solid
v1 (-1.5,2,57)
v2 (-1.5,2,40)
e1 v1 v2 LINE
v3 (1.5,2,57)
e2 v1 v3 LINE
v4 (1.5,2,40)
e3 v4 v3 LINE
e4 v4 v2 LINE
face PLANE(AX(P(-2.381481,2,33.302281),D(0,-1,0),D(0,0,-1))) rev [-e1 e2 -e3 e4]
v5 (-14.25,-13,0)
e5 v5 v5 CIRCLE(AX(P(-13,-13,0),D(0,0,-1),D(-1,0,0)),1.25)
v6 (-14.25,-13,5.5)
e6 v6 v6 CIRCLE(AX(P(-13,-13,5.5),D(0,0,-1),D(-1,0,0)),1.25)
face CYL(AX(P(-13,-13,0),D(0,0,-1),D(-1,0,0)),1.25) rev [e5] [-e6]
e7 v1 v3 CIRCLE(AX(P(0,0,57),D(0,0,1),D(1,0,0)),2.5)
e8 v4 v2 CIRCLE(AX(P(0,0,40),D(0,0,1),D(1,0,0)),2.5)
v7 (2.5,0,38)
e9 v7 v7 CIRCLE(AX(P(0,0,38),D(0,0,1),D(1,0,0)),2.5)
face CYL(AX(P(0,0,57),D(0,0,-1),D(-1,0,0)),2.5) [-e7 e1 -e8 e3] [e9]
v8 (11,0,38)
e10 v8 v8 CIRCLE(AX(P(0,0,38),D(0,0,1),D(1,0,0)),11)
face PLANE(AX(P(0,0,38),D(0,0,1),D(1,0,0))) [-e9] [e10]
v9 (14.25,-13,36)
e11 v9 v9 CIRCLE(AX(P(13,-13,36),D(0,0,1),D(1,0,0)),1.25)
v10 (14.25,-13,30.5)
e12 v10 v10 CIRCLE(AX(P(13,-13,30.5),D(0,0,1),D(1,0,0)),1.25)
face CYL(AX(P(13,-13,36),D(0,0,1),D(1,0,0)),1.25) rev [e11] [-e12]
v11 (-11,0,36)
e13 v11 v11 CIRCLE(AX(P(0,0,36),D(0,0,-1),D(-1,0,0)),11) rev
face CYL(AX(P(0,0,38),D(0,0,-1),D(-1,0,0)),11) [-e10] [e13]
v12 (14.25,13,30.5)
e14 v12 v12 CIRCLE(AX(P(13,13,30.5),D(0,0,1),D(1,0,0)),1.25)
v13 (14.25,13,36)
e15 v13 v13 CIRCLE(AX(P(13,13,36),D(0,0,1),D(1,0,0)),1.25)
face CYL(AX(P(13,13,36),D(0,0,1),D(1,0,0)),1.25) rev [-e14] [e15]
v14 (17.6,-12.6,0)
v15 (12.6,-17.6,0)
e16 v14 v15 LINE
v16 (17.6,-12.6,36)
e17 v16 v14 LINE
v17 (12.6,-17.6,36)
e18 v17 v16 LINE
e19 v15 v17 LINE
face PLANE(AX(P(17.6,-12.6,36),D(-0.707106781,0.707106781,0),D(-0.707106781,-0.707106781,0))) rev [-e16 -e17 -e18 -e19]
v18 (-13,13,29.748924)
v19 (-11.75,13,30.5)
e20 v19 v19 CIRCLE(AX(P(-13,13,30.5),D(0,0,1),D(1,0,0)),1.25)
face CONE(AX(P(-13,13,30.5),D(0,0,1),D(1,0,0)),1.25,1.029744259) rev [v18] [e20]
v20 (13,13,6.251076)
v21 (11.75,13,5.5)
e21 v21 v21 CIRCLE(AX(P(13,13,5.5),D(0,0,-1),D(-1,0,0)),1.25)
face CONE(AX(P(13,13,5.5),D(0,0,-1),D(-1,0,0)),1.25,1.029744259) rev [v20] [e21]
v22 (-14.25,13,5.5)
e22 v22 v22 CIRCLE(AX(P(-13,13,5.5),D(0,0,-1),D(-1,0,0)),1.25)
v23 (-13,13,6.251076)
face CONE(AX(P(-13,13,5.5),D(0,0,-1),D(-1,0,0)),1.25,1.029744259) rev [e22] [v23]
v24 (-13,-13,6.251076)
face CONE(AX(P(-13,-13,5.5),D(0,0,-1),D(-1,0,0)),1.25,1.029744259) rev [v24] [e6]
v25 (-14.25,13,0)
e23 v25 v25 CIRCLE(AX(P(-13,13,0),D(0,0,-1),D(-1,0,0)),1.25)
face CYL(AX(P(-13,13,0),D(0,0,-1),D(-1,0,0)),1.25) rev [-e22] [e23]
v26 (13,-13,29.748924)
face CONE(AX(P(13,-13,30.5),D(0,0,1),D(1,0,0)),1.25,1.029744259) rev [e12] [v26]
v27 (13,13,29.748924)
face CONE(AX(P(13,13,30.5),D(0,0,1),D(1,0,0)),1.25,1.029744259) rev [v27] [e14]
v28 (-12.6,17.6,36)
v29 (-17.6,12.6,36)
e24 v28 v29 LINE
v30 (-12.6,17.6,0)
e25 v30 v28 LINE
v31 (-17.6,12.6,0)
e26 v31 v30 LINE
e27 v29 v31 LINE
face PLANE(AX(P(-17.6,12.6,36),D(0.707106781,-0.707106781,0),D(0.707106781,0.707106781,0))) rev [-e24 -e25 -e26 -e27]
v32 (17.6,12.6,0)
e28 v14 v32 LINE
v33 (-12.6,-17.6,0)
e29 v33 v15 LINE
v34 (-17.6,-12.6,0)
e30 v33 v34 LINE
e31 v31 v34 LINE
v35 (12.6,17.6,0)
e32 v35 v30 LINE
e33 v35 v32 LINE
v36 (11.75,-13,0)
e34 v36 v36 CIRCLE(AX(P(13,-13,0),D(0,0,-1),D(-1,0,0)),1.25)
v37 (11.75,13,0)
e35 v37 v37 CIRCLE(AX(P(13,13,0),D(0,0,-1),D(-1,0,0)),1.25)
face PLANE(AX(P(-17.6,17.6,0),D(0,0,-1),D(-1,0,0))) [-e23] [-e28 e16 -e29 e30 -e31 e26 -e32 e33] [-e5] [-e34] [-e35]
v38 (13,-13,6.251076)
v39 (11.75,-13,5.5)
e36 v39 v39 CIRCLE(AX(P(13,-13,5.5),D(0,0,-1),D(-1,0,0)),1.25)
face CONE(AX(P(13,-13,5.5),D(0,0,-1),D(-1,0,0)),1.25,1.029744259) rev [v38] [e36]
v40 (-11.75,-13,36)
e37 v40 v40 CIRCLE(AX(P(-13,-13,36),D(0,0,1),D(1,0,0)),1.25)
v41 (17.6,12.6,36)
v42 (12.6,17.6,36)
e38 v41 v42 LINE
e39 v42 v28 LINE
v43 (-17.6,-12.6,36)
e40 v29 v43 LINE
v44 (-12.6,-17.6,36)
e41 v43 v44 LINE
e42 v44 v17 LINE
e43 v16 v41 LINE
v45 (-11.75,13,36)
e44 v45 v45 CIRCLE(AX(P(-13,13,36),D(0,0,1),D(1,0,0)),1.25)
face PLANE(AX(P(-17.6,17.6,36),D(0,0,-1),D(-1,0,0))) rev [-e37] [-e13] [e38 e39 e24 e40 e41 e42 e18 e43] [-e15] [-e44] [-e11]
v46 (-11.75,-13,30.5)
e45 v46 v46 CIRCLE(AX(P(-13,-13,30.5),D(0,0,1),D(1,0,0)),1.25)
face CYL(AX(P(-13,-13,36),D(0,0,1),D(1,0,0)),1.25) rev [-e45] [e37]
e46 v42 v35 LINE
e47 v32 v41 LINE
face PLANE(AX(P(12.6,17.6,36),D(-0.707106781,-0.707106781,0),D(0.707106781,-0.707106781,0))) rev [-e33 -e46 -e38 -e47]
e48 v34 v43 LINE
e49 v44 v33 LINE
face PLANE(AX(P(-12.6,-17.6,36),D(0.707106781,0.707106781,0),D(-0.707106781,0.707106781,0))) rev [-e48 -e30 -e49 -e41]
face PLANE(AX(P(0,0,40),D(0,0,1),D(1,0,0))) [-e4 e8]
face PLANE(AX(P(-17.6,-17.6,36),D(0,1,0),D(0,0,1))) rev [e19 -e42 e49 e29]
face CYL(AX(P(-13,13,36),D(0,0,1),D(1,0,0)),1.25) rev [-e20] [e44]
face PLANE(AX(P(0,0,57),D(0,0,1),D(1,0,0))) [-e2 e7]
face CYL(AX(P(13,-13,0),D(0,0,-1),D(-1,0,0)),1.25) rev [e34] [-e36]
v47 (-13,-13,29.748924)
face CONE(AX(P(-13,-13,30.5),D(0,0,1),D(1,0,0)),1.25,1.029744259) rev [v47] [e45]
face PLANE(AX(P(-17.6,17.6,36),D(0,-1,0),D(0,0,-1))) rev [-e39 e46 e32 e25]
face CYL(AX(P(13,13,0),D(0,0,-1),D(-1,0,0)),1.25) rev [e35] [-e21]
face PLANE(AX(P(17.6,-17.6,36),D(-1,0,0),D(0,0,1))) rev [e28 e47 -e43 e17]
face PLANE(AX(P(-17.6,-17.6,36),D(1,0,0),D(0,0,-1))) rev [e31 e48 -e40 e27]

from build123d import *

# Parameters (mm, degrees)
SKETCH1_W           = 35.2
SKETCH1_H           = 35.2
BOSS_EXTRUDE1_DEPTH = 36
SKETCH2_R           = 11
BOSS_EXTRUDE2_DEPTH = 2
SKETCH3_R           = 2.5
BOSS_EXTRUDE3_DEPTH = 19
CHAMFER1_SIZE       = 5
CIRPATTERN1_COUNT   = 4
SKETCH6_W           = 4.502968974
SKETCH6_H           = 1.338593798
CUT_EXTRUDE1_DEPTH  = 17


with BuildPart() as part:
    # Sketch1 → Boss-Extrude1 (new body)
    with BuildSketch(Plane.XY):
        Rectangle(SKETCH1_W, SKETCH1_H)
    extrude(amount=BOSS_EXTRUDE1_DEPTH)

    # Sketch2 → Boss-Extrude2 (add)
    with BuildSketch(Plane.XY.offset(36)):
        with Locations(Location((0, 0, 0), (0, 0, 180))):
            Circle(SKETCH2_R)
    extrude(amount=BOSS_EXTRUDE2_DEPTH)

    # Sketch3 → Boss-Extrude3 (add)
    with BuildSketch(Plane.XY.offset(38)):
        Circle(SKETCH3_R)
    extrude(amount=BOSS_EXTRUDE3_DEPTH)

    # Chamfer1
    chamfer1_edges = [part.edges().sort_by_distance(p)[0] for p in [
        (-17.6, 17.6, 18),
        (17.6, 17.6, 18),
        (17.6, -17.6, 18),
        (-17.6, -17.6, 18),
    ]]
    chamfer(chamfer1_edges, length=CHAMFER1_SIZE)

    # Sketch4 → M3x0.5 Tapped Hole1 (revolve, cut)
    with BuildSketch(Plane(origin=(13, 13, 36), x_dir=(0, -1, 0), z_dir=(1, 0, 0))):
        Polygon((0, 0), (0, 6.251075774), (1.25, 5.5), (1.25, 0), align=None)
    m3x0_5_tapped_hole1 = revolve(axis=Axis((13, 13, 42.35), (0, 0, -1)), mode=Mode.SUBTRACT)

    # CirPattern1: M3x0.5 Tapped Hole1 ×4 about axis
    cirpattern1_axis = Axis((0, 0, 0), (0, 0, 1))
    for i in range(1, CIRPATTERN1_COUNT):
        add(m3x0_5_tapped_hole1.rotate(cirpattern1_axis, i * 360 / CIRPATTERN1_COUNT), mode=Mode.SUBTRACT)

    # Sketch6 → Cut-Extrude1 (cut)
    with BuildSketch(Plane.XY.offset(57)):
        with Locations((-0.129996357, 2.669296899)):
            Rectangle(SKETCH6_W, SKETCH6_H)
    extrude(amount=-CUT_EXTRUDE1_DEPTH, mode=Mode.SUBTRACT)

    # Mirror1: M3x0.5 Tapped Hole1 across plane
    add(m3x0_5_tapped_hole1.mirror(Plane(origin=(0, 0, 18), x_dir=(1, 0, 0), z_dir=(0, 0, -1))), mode=Mode.SUBTRACT)

    # Mirror1 copy 1 sketch → Mirror1 copy 1 (revolve, cut)
    with BuildSketch(Plane(origin=(-13, 13, 0), x_dir=(1, 0, 0), z_dir=(0, 1, 0))):
        Polygon((0, 0), (0, -6.251075774), (1.25, -5.5), (1.25, 0), align=None)
    revolve(axis=Axis((-13, 13, -6.35), (0, 0, -1)), mode=Mode.SUBTRACT)

    # Mirror1 copy 2 sketch → Mirror1 copy 2 (revolve, cut)
    with BuildSketch(Plane(origin=(-13, -13, 0), x_dir=(0, 1, 0), z_dir=(-1, 0, 0))):
        Polygon((0, 0), (0, -6.251075774), (1.25, -5.5), (1.25, 0), align=None)
    revolve(axis=Axis((-13, -13, -6.35), (0, 0, -1)), mode=Mode.SUBTRACT)

    # Mirror1 copy 3 sketch → Mirror1 copy 3 (revolve, cut)
    with BuildSketch(Plane(origin=(13, -13, 0), x_dir=(-1, 0, 0), z_dir=(0, -1, 0))):
        Polygon((0, 0), (0, -6.251075774), (1.25, -5.5), (1.25, 0), align=None)
    revolve(axis=Axis((13, -13, -6.35), (0, 0, -1)), mode=Mode.SUBTRACT)


solid = part.part
